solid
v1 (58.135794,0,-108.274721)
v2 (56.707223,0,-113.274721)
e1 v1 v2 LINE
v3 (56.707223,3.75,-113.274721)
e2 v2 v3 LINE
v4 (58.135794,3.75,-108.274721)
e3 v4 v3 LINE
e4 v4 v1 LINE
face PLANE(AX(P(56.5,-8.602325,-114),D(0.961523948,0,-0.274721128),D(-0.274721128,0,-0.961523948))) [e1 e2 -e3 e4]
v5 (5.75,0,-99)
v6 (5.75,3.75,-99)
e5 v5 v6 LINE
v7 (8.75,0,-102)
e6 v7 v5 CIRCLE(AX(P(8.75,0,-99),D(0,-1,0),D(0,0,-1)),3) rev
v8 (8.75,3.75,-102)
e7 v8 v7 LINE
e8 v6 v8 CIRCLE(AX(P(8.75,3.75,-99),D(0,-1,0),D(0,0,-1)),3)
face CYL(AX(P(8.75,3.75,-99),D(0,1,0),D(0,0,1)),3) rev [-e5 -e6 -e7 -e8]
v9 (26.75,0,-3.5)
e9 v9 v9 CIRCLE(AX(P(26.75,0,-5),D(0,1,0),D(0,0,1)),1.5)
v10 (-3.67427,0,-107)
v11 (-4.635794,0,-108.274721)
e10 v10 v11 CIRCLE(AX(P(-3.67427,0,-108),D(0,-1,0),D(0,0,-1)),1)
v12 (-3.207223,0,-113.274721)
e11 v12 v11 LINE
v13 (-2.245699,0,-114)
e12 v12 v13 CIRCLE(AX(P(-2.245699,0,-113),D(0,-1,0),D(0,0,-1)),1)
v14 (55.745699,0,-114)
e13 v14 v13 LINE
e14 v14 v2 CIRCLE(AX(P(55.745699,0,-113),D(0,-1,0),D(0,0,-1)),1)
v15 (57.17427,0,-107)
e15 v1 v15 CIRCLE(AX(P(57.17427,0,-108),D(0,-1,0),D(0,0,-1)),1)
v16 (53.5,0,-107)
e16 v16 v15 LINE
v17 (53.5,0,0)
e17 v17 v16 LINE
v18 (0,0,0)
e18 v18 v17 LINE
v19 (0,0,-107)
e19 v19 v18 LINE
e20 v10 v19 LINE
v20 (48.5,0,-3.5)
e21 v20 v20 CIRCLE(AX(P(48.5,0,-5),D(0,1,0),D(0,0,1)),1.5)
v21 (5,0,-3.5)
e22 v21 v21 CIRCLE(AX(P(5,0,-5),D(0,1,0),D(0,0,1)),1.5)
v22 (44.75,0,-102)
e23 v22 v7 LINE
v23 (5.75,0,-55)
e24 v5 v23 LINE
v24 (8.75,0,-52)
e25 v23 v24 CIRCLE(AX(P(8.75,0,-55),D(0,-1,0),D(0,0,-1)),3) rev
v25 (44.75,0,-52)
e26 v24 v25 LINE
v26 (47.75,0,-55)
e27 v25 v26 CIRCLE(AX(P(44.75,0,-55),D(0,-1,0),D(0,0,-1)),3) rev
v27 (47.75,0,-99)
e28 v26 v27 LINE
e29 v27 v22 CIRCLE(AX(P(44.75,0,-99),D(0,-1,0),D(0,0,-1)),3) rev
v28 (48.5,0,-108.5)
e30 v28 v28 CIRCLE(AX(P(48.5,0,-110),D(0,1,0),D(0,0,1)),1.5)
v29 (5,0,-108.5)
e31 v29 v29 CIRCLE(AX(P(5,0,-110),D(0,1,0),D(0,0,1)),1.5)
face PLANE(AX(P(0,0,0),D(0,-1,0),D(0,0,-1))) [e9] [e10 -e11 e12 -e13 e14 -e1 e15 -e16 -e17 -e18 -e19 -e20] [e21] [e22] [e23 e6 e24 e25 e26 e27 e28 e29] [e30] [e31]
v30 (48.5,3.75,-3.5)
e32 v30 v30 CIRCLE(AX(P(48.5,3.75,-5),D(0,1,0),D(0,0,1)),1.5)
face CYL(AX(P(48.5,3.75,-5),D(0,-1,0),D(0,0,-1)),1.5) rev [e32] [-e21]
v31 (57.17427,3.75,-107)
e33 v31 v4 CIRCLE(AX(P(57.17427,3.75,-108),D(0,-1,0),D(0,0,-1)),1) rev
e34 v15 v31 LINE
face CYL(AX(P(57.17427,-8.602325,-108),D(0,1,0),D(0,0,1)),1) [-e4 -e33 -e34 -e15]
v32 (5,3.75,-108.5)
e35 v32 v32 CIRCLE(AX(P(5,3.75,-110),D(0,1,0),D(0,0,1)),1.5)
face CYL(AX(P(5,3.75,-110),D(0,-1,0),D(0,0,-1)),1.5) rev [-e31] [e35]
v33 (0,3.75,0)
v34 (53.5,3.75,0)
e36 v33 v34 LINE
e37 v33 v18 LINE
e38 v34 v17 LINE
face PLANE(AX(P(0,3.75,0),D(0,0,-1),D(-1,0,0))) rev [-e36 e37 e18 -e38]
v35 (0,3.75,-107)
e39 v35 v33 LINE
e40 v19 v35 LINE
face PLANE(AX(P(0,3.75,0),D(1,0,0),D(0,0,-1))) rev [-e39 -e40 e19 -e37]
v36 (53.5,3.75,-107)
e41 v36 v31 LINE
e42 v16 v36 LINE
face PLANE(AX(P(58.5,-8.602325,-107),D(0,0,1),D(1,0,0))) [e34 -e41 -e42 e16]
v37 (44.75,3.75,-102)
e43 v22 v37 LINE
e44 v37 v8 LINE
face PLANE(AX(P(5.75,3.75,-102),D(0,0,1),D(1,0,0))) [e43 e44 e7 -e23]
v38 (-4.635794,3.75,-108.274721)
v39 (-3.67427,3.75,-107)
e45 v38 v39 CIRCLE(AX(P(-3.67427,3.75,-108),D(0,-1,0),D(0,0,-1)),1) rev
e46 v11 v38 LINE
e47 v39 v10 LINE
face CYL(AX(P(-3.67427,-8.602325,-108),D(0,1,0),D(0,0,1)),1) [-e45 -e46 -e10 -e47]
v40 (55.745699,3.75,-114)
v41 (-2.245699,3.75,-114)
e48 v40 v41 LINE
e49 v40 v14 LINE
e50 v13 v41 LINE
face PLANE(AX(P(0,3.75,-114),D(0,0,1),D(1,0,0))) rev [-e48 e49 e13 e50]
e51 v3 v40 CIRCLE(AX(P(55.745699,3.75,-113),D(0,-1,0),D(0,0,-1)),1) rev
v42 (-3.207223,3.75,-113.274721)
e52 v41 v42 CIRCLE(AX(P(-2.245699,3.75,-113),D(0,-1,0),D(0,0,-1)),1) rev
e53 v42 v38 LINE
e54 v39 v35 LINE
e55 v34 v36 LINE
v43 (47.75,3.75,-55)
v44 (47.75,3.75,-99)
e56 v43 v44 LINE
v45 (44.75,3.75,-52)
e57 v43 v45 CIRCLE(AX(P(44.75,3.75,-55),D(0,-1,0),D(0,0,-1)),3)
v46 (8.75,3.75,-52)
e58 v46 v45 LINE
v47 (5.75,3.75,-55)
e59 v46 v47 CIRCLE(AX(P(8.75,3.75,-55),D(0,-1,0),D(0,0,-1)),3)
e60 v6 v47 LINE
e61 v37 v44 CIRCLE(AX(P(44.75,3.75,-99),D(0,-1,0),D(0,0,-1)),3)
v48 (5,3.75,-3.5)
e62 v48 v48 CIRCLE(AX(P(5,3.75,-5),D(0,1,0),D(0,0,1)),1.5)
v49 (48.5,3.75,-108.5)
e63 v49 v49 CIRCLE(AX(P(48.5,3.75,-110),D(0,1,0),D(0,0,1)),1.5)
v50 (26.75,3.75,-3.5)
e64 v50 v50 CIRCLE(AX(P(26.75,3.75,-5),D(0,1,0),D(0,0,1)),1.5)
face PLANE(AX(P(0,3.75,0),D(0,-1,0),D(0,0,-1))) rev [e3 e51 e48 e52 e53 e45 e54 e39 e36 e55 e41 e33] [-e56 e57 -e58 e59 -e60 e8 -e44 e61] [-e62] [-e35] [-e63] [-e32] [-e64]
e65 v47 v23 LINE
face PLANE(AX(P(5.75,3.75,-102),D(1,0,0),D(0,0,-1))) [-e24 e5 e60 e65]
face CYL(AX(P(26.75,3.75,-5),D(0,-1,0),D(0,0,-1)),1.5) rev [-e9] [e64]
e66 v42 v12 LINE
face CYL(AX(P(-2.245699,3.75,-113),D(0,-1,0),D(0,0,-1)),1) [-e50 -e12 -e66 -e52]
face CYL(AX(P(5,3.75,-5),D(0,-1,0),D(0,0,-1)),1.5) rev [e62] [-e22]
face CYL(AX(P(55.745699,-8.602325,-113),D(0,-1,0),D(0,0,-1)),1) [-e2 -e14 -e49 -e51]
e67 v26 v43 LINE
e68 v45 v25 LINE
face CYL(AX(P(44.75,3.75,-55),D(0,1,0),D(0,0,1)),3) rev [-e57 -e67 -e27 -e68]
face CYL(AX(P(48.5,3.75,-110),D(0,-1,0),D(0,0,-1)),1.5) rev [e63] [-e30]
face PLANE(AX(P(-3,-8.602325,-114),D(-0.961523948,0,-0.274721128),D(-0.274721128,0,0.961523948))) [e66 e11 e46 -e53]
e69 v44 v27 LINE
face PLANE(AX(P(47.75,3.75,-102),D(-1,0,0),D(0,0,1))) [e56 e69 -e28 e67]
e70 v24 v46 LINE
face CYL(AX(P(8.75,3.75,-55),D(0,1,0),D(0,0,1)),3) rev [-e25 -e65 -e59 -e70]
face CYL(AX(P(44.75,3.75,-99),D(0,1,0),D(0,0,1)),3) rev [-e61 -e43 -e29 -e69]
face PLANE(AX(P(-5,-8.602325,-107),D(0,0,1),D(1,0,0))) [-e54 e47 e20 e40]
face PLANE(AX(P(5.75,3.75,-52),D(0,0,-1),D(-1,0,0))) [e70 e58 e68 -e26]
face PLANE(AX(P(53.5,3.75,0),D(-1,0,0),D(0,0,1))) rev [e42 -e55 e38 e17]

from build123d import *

# Parameters (mm, degrees)
SKETCH1_W           = 53.5
SKETCH1_H           = 114
SKETCH1_R           = 1.5
SKETCH1_W_2         = 42
SKETCH1_H_2         = 50
BOSS_EXTRUDE1_DEPTH = 3.75
FILLET1_R           = 3
BOSS_EXTRUDE2_DEPTH = 3.75
FILLET2_R           = 1


with BuildPart() as part:
    # Sketch1 → Boss-Extrude1 (new body)
    with BuildSketch(Plane(origin=(0, 0, 0), x_dir=(1, 0, 0), z_dir=(0, 1, 0))):
        with Locations((26.75, 57)):
            Rectangle(SKETCH1_W, SKETCH1_H)
        with Locations(Location((5, 5, 0), (0, 0, 270))):
            Circle(SKETCH1_R, mode=Mode.SUBTRACT)
        with Locations(Location((48.5, 5, 0), (0, 0, 270))):
            Circle(SKETCH1_R, mode=Mode.SUBTRACT)
        with Locations(Location((26.75, 5, 0), (0, 0, 270))):
            Circle(SKETCH1_R, mode=Mode.SUBTRACT)
        with Locations(Location((5, 110, 0), (0, 0, 270))):
            Circle(SKETCH1_R, mode=Mode.SUBTRACT)
        with Locations(Location((48.5, 110, 0), (0, 0, 270))):
            Circle(SKETCH1_R, mode=Mode.SUBTRACT)
        with Locations((26.75, 77)):
            Rectangle(SKETCH1_W_2, SKETCH1_H_2, mode=Mode.SUBTRACT)
    extrude(amount=BOSS_EXTRUDE1_DEPTH)

    # Fillet1
    fillet1_edges = [part.edges().sort_by_distance(p)[0] for p in [
        (5.75, 1.875, -102),
        (5.75, 1.875, -52),
        (47.75, 1.875, -52),
        (47.75, 1.875, -102),
    ]]
    fillet(fillet1_edges, radius=FILLET1_R)

    # Sketch2 → Boss-Extrude2 (add)
    with BuildSketch(Plane(origin=(0, 3.75, 0), x_dir=(1, 0, 0), z_dir=(0, 1, 0))):
        Polygon((0, 114), (-3, 114), (-5, 107), (0, 107), align=None)
        Polygon((53.5, 114), (56.5, 114), (58.5, 107), (53.5, 107), align=None)
    extrude(amount=-BOSS_EXTRUDE2_DEPTH)

    # Fillet2
    fillet2_edges = [part.edges().sort_by_distance(p)[0] for p in [
        (56.5, 1.875, -114),
        (58.5, 1.875, -107),
        (-5, 1.875, -107),
        (-3, 1.875, -114),
    ]]
    fillet(fillet2_edges, radius=FILLET2_R)


solid = part.part
